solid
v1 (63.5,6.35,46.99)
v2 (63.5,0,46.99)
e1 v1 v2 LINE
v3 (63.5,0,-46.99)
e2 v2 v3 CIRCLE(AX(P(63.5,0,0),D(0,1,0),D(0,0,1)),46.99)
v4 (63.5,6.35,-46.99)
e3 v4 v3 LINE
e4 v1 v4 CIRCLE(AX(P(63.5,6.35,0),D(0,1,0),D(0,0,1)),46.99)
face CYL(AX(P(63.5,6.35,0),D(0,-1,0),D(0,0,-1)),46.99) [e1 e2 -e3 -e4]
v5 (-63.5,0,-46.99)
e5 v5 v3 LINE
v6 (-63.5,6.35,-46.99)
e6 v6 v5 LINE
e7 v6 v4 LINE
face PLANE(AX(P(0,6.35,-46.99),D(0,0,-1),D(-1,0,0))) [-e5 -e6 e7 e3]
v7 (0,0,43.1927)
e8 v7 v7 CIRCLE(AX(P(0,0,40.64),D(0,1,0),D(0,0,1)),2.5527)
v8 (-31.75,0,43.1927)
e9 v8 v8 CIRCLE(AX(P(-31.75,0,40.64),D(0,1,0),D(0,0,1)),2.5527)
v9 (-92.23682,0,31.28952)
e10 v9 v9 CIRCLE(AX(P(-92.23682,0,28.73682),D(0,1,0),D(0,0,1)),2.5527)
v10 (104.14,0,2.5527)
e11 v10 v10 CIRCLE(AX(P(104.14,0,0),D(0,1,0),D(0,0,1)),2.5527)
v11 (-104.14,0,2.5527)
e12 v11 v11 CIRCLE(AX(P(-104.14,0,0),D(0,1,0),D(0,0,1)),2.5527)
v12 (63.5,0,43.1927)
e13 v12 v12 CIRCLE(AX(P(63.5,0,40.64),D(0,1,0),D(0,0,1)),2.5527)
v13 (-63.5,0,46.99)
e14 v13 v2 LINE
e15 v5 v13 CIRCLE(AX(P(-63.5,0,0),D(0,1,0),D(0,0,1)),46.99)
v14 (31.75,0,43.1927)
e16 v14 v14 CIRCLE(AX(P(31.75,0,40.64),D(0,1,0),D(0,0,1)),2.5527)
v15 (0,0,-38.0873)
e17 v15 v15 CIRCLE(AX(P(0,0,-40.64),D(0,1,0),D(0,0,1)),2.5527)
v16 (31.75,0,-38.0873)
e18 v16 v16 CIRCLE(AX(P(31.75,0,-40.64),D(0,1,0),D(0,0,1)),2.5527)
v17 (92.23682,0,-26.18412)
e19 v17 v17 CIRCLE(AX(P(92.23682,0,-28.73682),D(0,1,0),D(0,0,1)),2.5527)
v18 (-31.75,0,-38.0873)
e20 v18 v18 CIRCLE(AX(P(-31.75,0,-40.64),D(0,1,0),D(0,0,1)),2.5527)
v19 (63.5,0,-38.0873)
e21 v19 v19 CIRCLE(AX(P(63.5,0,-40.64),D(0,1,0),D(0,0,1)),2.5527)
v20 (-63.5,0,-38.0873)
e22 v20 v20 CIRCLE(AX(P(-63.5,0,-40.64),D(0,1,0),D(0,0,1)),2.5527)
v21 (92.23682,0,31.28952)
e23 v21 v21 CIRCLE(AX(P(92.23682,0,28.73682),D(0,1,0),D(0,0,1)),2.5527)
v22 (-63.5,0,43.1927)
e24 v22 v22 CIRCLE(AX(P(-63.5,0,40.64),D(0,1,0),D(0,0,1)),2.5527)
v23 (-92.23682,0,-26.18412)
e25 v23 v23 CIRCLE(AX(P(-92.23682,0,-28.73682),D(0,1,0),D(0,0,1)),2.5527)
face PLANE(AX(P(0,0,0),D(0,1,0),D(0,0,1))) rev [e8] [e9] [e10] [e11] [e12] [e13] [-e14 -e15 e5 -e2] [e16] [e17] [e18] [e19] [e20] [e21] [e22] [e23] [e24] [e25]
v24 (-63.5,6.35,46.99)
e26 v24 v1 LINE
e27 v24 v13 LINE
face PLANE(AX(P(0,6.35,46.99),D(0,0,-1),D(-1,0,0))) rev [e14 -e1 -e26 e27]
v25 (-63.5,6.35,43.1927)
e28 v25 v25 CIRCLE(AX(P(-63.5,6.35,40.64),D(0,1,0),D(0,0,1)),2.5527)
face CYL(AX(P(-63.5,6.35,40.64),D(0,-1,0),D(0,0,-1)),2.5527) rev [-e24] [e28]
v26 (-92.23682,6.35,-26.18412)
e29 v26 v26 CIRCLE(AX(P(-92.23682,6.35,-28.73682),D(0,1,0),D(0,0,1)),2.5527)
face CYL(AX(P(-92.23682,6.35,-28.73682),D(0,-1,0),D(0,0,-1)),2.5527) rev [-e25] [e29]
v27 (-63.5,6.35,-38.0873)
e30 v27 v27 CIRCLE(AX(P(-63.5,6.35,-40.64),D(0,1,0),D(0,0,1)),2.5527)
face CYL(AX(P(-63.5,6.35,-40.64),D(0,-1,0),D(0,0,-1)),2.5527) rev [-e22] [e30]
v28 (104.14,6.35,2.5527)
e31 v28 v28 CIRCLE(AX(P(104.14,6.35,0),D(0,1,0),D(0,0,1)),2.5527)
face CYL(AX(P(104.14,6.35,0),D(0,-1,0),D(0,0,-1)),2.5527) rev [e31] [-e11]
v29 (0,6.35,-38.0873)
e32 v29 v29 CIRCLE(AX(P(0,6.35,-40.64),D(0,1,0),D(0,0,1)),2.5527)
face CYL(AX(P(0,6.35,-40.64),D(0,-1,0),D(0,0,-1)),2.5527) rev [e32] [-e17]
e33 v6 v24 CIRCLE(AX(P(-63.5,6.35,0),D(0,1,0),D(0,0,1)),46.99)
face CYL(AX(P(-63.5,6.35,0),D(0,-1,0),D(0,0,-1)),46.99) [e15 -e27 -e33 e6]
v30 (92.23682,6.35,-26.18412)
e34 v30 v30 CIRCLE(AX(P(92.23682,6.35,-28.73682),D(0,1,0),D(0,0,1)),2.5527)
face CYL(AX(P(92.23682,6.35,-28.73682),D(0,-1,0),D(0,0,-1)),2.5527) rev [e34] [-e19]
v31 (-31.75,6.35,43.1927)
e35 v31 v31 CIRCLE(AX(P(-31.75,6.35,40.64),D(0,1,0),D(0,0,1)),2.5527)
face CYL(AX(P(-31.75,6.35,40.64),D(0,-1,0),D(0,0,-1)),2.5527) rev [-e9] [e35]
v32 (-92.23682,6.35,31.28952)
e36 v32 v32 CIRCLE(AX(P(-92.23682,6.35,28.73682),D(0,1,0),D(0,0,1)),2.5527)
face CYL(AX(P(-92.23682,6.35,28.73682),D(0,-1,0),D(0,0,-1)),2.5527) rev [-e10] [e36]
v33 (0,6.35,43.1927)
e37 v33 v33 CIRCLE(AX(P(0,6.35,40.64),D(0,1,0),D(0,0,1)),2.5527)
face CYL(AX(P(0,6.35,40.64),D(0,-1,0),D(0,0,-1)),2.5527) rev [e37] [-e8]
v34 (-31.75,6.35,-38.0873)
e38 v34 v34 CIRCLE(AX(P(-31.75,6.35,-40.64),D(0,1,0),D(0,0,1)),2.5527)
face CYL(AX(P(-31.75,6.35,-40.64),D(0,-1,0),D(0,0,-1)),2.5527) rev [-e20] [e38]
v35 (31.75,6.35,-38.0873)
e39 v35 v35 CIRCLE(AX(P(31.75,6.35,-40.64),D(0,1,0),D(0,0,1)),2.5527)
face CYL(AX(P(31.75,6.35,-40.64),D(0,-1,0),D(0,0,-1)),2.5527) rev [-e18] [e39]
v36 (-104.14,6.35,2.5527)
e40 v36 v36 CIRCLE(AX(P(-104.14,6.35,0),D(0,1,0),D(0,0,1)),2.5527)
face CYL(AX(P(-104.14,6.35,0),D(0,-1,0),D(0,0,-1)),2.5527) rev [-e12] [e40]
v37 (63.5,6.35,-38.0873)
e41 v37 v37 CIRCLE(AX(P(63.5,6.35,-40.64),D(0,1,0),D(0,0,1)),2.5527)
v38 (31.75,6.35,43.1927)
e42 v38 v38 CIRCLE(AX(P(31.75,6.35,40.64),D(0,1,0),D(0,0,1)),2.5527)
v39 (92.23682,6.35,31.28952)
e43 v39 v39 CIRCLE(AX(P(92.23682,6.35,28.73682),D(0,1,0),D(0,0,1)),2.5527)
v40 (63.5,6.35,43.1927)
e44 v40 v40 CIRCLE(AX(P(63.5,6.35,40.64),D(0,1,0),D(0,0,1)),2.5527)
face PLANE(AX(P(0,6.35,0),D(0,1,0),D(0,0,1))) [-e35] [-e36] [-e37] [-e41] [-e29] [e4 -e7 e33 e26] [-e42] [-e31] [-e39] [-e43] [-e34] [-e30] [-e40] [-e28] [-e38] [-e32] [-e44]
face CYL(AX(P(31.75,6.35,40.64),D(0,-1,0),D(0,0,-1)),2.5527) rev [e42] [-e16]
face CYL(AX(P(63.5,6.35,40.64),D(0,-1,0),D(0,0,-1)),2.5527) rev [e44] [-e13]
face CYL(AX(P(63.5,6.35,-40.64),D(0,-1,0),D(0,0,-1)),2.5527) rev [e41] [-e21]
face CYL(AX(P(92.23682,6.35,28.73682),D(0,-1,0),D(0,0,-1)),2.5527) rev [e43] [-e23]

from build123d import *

# Parameters (mm, degrees)
SKETCH1_R           = 2.5527
BOSS_EXTRUDE1_DEPTH = 6.35


with BuildPart() as part:
    # Sketch1 → Boss-Extrude1 (new body)
    with BuildSketch(Plane(origin=(0, 0, 0), x_dir=(1, 0, 0), z_dir=(0, 1, 0))):
        with BuildLine():
            Line((-63.5, 46.99), (63.5, 46.99))
            ThreePointArc((63.5, 46.99), (110.49, 0), (63.5, -46.99))
            Line((63.5, -46.99), (-63.5, -46.99))
            ThreePointArc((-63.5, -46.99), (-110.49, 0), (-63.5, 46.99))
        make_face()
        with Locations(Location((-63.5, 40.64, 0), (0, 0, 270))):
            Circle(SKETCH1_R, mode=Mode.SUBTRACT)
        with Locations(Location((-31.75, 40.64, 0), (0, 0, 270))):
            Circle(SKETCH1_R, mode=Mode.SUBTRACT)
        with Locations(Location((0, 40.64, 0), (0, 0, 270))):
            Circle(SKETCH1_R, mode=Mode.SUBTRACT)
        with Locations(Location((31.75, 40.64, 0), (0, 0, 270))):
            Circle(SKETCH1_R, mode=Mode.SUBTRACT)
        with Locations(Location((63.5, 40.64, 0), (0, 0, 270))):
            Circle(SKETCH1_R, mode=Mode.SUBTRACT)
        with Locations(Location((92.236819587, 28.736819587, 0), (0, 0, 270))):
            Circle(SKETCH1_R, mode=Mode.SUBTRACT)
        with Locations(Location((104.14, 0, 0), (0, 0, 270))):
            Circle(SKETCH1_R, mode=Mode.SUBTRACT)
        with Locations(Location((92.236819587, -28.736819587, 0), (0, 0, 270))):
            Circle(SKETCH1_R, mode=Mode.SUBTRACT)
        with Locations(Location((63.5, -40.64, 0), (0, 0, 270))):
            Circle(SKETCH1_R, mode=Mode.SUBTRACT)
        with Locations(Location((-92.236819587, 28.736819587, 0), (0, 0, 270))):
            Circle(SKETCH1_R, mode=Mode.SUBTRACT)
        with Locations(Location((-104.14, 0, 0), (0, 0, 270))):
            Circle(SKETCH1_R, mode=Mode.SUBTRACT)
        with Locations(Location((-92.236819587, -28.736819587, 0), (0, 0, 270))):
            Circle(SKETCH1_R, mode=Mode.SUBTRACT)
        with Locations(Location((-63.5, -40.64, 0), (0, 0, 270))):
            Circle(SKETCH1_R, mode=Mode.SUBTRACT)
        with Locations(Location((31.75, -40.64, 0), (0, 0, 270))):
            Circle(SKETCH1_R, mode=Mode.SUBTRACT)
        with Locations(Location((0, -40.64, 0), (0, 0, 270))):
            Circle(SKETCH1_R, mode=Mode.SUBTRACT)
        with Locations(Location((-31.75, -40.64, 0), (0, 0, 270))):
            Circle(SKETCH1_R, mode=Mode.SUBTRACT)
    extrude(amount=BOSS_EXTRUDE1_DEPTH)


solid = part.part
